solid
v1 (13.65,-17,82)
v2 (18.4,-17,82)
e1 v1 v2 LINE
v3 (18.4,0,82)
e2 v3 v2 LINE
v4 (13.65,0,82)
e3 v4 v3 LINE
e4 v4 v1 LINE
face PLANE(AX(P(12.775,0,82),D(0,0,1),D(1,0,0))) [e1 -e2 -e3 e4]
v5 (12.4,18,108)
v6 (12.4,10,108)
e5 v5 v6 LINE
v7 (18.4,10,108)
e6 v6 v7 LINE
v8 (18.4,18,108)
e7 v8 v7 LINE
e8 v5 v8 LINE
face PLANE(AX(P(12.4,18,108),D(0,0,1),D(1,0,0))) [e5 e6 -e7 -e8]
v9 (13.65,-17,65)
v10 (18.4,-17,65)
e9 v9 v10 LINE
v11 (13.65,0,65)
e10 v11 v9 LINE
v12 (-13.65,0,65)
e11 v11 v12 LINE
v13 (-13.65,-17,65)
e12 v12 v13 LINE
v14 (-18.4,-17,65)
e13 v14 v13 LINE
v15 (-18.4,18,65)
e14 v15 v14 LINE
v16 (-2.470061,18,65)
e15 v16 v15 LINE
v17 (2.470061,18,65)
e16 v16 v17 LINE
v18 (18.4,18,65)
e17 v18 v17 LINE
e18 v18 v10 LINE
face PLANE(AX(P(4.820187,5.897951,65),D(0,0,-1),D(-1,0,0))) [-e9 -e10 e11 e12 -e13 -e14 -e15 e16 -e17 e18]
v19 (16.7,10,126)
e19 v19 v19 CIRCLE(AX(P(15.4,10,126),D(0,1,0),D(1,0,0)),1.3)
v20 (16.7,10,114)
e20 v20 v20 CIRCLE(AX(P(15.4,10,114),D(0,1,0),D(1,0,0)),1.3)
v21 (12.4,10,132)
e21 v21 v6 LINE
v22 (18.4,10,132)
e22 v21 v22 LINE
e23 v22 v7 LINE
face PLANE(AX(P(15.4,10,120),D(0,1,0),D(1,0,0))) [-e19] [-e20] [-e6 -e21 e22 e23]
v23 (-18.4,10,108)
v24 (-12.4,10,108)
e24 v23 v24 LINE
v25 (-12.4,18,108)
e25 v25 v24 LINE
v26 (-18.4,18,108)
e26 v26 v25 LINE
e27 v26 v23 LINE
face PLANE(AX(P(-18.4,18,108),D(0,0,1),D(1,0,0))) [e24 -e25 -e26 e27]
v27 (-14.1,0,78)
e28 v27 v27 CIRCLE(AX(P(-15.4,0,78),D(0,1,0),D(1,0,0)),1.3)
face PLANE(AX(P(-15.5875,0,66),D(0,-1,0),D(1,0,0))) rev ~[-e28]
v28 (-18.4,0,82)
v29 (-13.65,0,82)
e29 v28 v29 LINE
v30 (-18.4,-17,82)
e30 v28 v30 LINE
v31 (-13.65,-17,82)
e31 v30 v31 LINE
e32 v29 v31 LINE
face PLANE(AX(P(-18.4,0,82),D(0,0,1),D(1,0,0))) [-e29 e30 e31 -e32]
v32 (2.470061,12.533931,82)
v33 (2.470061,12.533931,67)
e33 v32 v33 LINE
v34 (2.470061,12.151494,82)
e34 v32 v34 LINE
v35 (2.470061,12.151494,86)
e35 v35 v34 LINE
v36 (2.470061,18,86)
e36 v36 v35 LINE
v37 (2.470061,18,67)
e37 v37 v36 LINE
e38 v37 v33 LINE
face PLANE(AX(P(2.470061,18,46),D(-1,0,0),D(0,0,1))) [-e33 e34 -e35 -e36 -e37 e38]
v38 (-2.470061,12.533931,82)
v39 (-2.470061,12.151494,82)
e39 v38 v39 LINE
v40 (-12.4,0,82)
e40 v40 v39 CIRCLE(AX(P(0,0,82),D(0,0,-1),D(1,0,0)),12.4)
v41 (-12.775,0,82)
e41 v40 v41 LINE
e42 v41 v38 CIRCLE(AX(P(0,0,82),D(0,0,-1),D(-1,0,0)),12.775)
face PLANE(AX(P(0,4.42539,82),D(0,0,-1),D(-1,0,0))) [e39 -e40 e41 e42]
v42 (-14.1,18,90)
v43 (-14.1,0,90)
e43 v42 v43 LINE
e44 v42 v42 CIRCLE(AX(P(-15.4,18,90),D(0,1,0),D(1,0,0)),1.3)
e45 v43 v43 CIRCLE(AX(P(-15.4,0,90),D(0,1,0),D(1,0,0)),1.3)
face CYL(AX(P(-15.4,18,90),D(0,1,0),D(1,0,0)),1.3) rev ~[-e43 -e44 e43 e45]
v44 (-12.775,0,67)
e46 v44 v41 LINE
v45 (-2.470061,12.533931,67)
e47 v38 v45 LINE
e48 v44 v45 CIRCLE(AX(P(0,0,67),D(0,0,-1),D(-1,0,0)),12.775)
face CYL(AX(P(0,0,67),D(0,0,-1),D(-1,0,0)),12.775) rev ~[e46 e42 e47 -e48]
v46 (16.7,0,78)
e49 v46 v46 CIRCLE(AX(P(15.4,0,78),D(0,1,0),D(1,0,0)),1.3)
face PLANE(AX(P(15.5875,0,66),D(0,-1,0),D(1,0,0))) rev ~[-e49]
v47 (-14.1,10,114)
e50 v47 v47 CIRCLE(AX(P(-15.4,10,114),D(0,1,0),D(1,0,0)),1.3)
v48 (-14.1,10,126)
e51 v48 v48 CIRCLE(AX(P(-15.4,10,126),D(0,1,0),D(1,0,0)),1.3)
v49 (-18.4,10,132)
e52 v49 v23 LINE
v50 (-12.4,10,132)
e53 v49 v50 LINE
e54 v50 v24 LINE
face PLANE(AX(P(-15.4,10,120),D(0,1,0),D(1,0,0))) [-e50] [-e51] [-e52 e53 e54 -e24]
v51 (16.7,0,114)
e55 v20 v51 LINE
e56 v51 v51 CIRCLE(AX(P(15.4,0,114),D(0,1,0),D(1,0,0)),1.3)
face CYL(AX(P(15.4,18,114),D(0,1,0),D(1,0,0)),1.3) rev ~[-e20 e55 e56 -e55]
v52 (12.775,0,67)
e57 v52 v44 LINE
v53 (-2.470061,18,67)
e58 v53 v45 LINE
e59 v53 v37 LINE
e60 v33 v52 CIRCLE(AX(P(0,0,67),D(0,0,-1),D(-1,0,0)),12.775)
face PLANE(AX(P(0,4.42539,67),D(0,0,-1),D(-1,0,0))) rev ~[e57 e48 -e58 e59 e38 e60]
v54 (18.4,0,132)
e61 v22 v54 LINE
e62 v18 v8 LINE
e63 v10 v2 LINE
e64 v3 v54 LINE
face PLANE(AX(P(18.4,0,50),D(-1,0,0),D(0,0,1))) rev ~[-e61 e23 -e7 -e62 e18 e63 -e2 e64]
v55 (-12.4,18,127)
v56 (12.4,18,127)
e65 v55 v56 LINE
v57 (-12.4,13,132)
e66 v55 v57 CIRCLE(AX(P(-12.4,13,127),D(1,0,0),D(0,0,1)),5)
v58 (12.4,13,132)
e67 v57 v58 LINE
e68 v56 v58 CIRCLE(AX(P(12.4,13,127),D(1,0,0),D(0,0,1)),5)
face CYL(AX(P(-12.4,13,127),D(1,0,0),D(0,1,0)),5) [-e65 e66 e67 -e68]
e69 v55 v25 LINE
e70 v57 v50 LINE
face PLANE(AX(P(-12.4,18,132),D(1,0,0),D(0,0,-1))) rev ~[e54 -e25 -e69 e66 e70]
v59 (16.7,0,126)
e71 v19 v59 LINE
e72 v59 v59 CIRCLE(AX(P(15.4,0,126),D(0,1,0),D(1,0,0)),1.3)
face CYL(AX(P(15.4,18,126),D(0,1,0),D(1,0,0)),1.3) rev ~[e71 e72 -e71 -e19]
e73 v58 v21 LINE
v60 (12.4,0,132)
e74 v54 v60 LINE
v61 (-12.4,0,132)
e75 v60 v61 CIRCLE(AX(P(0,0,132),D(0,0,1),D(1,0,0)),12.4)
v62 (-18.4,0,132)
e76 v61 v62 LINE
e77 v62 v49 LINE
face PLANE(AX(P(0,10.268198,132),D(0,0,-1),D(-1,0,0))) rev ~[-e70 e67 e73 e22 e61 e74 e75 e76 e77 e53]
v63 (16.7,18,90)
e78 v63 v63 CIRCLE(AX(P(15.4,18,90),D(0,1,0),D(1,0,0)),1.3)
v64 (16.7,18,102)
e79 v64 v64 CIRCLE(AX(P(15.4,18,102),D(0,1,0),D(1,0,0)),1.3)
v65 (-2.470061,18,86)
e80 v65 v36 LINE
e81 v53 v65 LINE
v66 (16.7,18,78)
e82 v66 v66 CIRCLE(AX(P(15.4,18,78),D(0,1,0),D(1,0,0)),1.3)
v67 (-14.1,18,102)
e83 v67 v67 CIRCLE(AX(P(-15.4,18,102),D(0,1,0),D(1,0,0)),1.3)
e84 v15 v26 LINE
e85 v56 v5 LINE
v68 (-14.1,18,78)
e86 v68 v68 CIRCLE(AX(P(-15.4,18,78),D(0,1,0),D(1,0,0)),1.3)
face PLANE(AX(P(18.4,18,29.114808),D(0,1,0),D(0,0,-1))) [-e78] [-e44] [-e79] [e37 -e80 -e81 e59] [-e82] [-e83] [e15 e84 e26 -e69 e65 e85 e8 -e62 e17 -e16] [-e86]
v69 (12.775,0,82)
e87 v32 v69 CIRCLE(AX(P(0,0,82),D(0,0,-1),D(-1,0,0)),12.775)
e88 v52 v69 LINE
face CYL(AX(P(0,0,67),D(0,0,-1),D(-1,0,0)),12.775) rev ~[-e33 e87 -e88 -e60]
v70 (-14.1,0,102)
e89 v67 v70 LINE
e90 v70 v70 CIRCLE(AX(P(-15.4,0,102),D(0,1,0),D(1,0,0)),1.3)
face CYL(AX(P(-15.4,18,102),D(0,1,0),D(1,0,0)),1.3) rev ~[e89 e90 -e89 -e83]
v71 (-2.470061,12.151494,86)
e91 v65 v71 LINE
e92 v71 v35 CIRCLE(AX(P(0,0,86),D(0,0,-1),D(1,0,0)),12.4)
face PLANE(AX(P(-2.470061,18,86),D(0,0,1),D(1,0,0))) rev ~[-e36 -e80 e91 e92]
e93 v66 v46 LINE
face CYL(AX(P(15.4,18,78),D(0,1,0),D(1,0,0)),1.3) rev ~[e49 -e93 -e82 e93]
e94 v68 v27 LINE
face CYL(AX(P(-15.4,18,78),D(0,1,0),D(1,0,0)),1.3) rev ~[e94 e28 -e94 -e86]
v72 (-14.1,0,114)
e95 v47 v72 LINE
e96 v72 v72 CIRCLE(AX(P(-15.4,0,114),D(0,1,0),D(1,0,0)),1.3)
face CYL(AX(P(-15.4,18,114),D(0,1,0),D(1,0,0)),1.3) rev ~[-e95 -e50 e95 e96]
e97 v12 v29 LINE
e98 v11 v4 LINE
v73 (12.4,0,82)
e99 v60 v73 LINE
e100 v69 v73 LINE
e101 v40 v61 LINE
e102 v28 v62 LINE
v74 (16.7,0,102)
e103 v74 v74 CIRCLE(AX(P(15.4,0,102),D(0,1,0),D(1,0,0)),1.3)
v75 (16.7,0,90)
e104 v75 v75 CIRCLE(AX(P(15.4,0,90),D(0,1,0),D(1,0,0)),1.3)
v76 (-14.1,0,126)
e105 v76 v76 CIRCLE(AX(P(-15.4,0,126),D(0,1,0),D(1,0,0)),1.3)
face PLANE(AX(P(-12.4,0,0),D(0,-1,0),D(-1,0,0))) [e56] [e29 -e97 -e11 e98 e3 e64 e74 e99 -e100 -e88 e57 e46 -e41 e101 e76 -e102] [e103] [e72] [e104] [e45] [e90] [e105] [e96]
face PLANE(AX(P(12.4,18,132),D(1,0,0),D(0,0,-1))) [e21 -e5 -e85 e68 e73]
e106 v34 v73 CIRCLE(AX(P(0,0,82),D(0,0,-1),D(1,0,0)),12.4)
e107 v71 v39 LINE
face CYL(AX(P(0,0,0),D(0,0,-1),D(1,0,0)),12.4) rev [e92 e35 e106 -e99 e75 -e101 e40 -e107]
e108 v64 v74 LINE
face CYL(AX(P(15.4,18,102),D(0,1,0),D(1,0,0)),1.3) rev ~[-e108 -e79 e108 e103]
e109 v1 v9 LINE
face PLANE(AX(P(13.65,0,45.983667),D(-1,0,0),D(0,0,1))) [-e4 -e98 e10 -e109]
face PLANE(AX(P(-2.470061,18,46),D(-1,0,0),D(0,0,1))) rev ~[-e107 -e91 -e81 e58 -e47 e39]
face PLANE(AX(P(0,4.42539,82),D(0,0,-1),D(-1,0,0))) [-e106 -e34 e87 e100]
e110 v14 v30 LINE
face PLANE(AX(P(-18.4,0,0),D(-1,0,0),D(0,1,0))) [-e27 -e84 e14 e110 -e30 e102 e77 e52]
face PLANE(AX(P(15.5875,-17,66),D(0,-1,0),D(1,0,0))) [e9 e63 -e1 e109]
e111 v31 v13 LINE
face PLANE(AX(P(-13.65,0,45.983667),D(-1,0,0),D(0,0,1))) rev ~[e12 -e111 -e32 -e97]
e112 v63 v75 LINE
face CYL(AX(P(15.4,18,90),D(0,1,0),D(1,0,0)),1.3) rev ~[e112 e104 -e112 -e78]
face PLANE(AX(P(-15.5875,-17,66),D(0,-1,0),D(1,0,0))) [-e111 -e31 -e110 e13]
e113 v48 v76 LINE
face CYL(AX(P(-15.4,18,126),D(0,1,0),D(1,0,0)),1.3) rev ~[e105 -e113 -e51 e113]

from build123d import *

# Parameters (mm, degrees)
BOSS_EXTRU_1_DEPTH       = 132
ESQUISSE3_W              = 4.94012132
ESQUISSE3_H              = 40
ENL_V_MAT_EXTRU_2_DEPTH  = 9
ESQUISSE4_R              = 1.3
ENL_V_MAT_EXTRU_3_DEPTH  = 18
ESQUISSE5_W              = 6
ESQUISSE5_H              = 24
ENL_V_MAT_EXTRU_4_DEPTH  = 8
BOSS_EXTRU_2_REACH       = 38.8
ESQUISSE7_W              = 2
ESQUISSE7_H              = 18
ENL_V_MAT_EXTRU_5_DEPTH  = 15
ENL_V_MAT_EXTRU_6_DEPTH  = 15
ESQUISSE10_W             = 5.625
ESQUISSE10_H             = 32
BOSS_EXTRU_3_DEPTH       = 17
ESQUISSE14_W             = 11.349962924
ESQUISSE14_H             = 7.588006138
BOSS_EXTRU_5_DEPTH       = 6
ESQUISSE16_W             = 13.258712606
ESQUISSE16_H             = 4.272246905
ENL_V_MAT_EXTRU_7_DEPTH  = 11
ESQUISSE17_W             = 15.613345165
ESQUISSE17_H             = 5.100882875
BOSS_EXTRU_6_DEPTH       = 11
BOSS_EXTRU_6_DEPTH_BACK  = 11
ESQUISSE11_R             = 1.85
ESQUISSE11_R_2           = 1.3
ESQUISSE11_R_3           = 2.916438904
ENL_V_MAT_EXTRU_8_DEPTH  = 8
ESQUISSE18_W             = 9.677736186
ESQUISSE18_H             = 8.253244783
ENL_V_MAT_EXTRU_9_DEPTH  = 10
CONG_2_R                 = 5
ESQUISSE20_W             = 27.3
ESQUISSE20_H             = 40.032665724
ENL_V_MAT_EXTRU_11_DEPTH = 22
ESQUISSE22_R             = 2.780350547
ENL_V_MAT_EXTRU_12_DEPTH = 33
ENL_V_MAT_EXTRU_13_DEPTH = 23
ESQUISSE24_W             = 101.568694303
ESQUISSE24_H             = 64.896510992
ENL_V_MAT_EXTRU_14_DEPTH = 80


with BuildPart() as part:
    # Esquisse1 → Boss.-Extru.1 (new body)
    with BuildSketch(Plane.XY):
        with BuildLine():
            Line((-12.4, 0), (-18.4, 0))
            Line((-18.4, 0), (-18.4, 18))
            Line((-18.4, 18), (18.4, 18))
            Line((18.4, 18), (18.4, 0))
            Line((18.4, 0), (12.4, 0))
            ThreePointArc((12.4, 0), (0, 12.4), (-12.4, 0))
        make_face()
    extrude(amount=BOSS_EXTRU_1_DEPTH)

    # Esquisse3 → Enlèv. mat.-Extru.2 (cut)
    with BuildSketch(Plane.XZ.offset(-18)):
        with Locations((0, 66)):
            Rectangle(ESQUISSE3_W, ESQUISSE3_H)
    extrude(amount=ENL_V_MAT_EXTRU_2_DEPTH, mode=Mode.SUBTRACT)

    # Esquisse4 → Enlèv. mat.-Extru.3 (cut)
    with BuildSketch(Plane(origin=(0, 18, 0), x_dir=(1, 0, 0), z_dir=(0, 1, 0))):
        with Locations((15.4, -6)):
            Circle(ESQUISSE4_R)
        with Locations((15.4, -18)):
            Circle(ESQUISSE4_R)
        with Locations((-15.4, -6)):
            Circle(ESQUISSE4_R)
        with Locations((-15.4, -18)):
            Circle(ESQUISSE4_R)
        with Locations((15.4, -30)):
            Circle(ESQUISSE4_R)
        with Locations((-15.4, -30)):
            Circle(ESQUISSE4_R)
        with Locations((15.4, -42)):
            Circle(ESQUISSE4_R)
        with Locations((-15.4, -42)):
            Circle(ESQUISSE4_R)
        with Locations((-15.4, -126)):
            Circle(ESQUISSE4_R)
        with Locations((-15.4, -114)):
            Circle(ESQUISSE4_R)
        with Locations((-15.4, -102)):
            Circle(ESQUISSE4_R)
        with Locations((-15.4, -90)):
            Circle(ESQUISSE4_R)
        with Locations((-15.4, -78)):
            Circle(ESQUISSE4_R)
        with Locations((15.4, -78)):
            Circle(ESQUISSE4_R)
        with Locations((15.4, -90)):
            Circle(ESQUISSE4_R)
        with Locations((15.4, -102)):
            Circle(ESQUISSE4_R)
        with Locations((15.4, -114)):
            Circle(ESQUISSE4_R)
        with Locations((15.4, -126)):
            Circle(ESQUISSE4_R)
    extrude(amount=-ENL_V_MAT_EXTRU_3_DEPTH, mode=Mode.SUBTRACT)

    # Esquisse5 → Enlèv. mat.-Extru.4 (cut)
    with BuildSketch(Plane(origin=(0, 18, 0), x_dir=(1, 0, 0), z_dir=(0, 1, 0))):
        with Locations((15.4, -12)):
            Rectangle(ESQUISSE5_W, ESQUISSE5_H)
        with Locations((-15.4, -120)):
            Rectangle(ESQUISSE5_W, ESQUISSE5_H)
        with Locations((-15.4, -12)):
            Rectangle(ESQUISSE5_W, ESQUISSE5_H)
        with Locations((15.4, -120)):
            Rectangle(ESQUISSE5_W, ESQUISSE5_H)
    extrude(amount=-ENL_V_MAT_EXTRU_4_DEPTH, mode=Mode.SUBTRACT)

    # Esquisse7 → Boss.-Extru.2 (add, up to next)
    with BuildSketch(Plane.ZY.offset(18.4), mode=Mode.PRIVATE) as boss_extru_2_sk1:
        with Locations((66, 9)):
            Rectangle(ESQUISSE7_W, ESQUISSE7_H)
    boss_extru_2_tool1 = extrude(boss_extru_2_sk1.sketch, amount=-BOSS_EXTRU_2_REACH, mode=Mode.PRIVATE) - part.part
    add(boss_extru_2_tool1.solids().sort_by_distance((-18.4, 9, 66))[0])

    # Esquisse8 → Enlèv. mat.-Extru.5 (cut)
    with BuildSketch(Plane(origin=(0, 0, 65), x_dir=(-1, 0, 0), z_dir=(0, 0, -1))):
        with BuildLine():
            Line((12.775, 0), (-12.775, 0))
            ThreePointArc((-12.775, 0), (0, 12.775), (12.775, 0))
        make_face()
    extrude(amount=ENL_V_MAT_EXTRU_5_DEPTH, mode=Mode.SUBTRACT)

    # Esquisse9 → Enlèv. mat.-Extru.6 (cut)
    with BuildSketch(Plane.XY.offset(67)):
        with BuildLine():
            Line((12.775, 0), (-12.775, 0))
            ThreePointArc((-12.775, 0), (0, 12.775), (12.775, 0))
        make_face()
    extrude(amount=ENL_V_MAT_EXTRU_6_DEPTH, mode=Mode.SUBTRACT)

    # Esquisse10 → Boss.-Extru.3 (add)
    with BuildSketch(Plane.XZ):
        with Locations((15.5875, 66)):
            Rectangle(ESQUISSE10_W, ESQUISSE10_H)
        with Locations((-15.5875, 66)):
            Rectangle(ESQUISSE10_W, ESQUISSE10_H)
    extrude(amount=BOSS_EXTRU_3_DEPTH)

    # Esquisse14 → Boss.-Extru.5 (add)
    with BuildSketch(Plane(origin=(18.4, 0, 0), x_dir=(0, 0, -1), z_dir=(1, 0, 0))):
        with Locations((-50.7944077, 14.205996931)):
            Rectangle(ESQUISSE14_W, ESQUISSE14_H)
    extrude(amount=BOSS_EXTRU_5_DEPTH)

    # Esquisse16 → Enlèv. mat.-Extru.7 (cut)
    with BuildSketch(Plane(origin=(24.4, 0, 0), x_dir=(0, 0, -1), z_dir=(1, 0, 0))):
        with Locations((-50.566594151, 10.91391733)):
            Rectangle(ESQUISSE16_W, ESQUISSE16_H)
    extrude(amount=-ENL_V_MAT_EXTRU_7_DEPTH, mode=Mode.SUBTRACT)

    # Esquisse17 → Boss.-Extru.6 (add, two sides)
    with BuildSketch(Plane(origin=(18.4, 0, 0), x_dir=(0, 0, -1), z_dir=(1, 0, 0))) as boss_extru_6_sk:
        with Locations((-21.308135783, 15.449558563)):
            Rectangle(ESQUISSE17_W, ESQUISSE17_H)
    extrude(amount=BOSS_EXTRU_6_DEPTH)
    extrude(boss_extru_6_sk.sketch, amount=-BOSS_EXTRU_6_DEPTH_BACK)

    # Esquisse11 → Enlèv. mat.-Extru.8 (cut)
    with BuildSketch(Plane(origin=(0, 18, 0), x_dir=(1, 0, 0), z_dir=(0, 1, 0))):
        with Locations((24.22, -102)):
            Circle(ESQUISSE11_R)
        with Locations((19.13, -51)):
            Circle(ESQUISSE11_R)
        with Locations((24.22, -20.6)):
            Circle(ESQUISSE11_R)
        with Locations((-8.37, -51)):
            Circle(ESQUISSE11_R)
        with Locations((15.4, -6)):
            Circle(ESQUISSE11_R_2)
        with Locations((15.4, -18)):
            Circle(ESQUISSE11_R_3)
        with Locations((-23.98, -101)):
            Circle(ESQUISSE11_R)
        with Locations((-23.98, -28)):
            Circle(ESQUISSE11_R)
    extrude(amount=-ENL_V_MAT_EXTRU_8_DEPTH, mode=Mode.SUBTRACT)

    # Esquisse18 → Enlèv. mat.-Extru.9 (cut)
    with BuildSketch(Plane(origin=(-2.47006066, 0, 0), x_dir=(0, 0, -1), z_dir=(1, 0, 0))):
        with Locations((-50.900131157, 9.01339788)):
            Rectangle(ESQUISSE18_W, ESQUISSE18_H)
    extrude(amount=-ENL_V_MAT_EXTRU_9_DEPTH, mode=Mode.SUBTRACT)

    # Congé2
    cong_2_edges = [part.edges().sort_by_distance(p)[0] for p in [
        (0, 18, 0),
        (0, 18, 132),
    ]]
    fillet(cong_2_edges, radius=CONG_2_R)

    # Esquisse20 → Enlèv. mat.-Extru.11 (cut)
    with BuildSketch(Plane.XZ):
        with Locations((0, 66)):
            Rectangle(ESQUISSE20_W, ESQUISSE20_H)
    extrude(amount=ENL_V_MAT_EXTRU_11_DEPTH, mode=Mode.SUBTRACT)

    # Esquisse22 → Enlèv. mat.-Extru.12 (cut)
    with BuildSketch(Plane.XZ.offset(-13.050040782)):
        with Locations((19.13, 51)):
            Circle(ESQUISSE22_R)
    extrude(amount=ENL_V_MAT_EXTRU_12_DEPTH, mode=Mode.SUBTRACT)

    # Esquisse23 → Enlèv. mat.-Extru.13 (cut)
    with BuildSketch(Plane.XZ.offset(-13.140020271)):
        Polygon((-10.962659815, 54.736061467), (-30.574521602, 60.209177611), (-30.574521602, 54.651975737), (-10.962659815, 50.396101529), align=None)
    extrude(amount=ENL_V_MAT_EXTRU_13_DEPTH, mode=Mode.SUBTRACT)

    # Esquisse24 → Enlèv. mat.-Extru.14 (cut)
    with BuildSketch(Plane(origin=(0, 0, 65), x_dir=(-1, 0, 0), z_dir=(0, 0, -1))):
        with Locations((-4.820186709, 5.897951476)):
            Rectangle(ESQUISSE24_W, ESQUISSE24_H)
    extrude(amount=ENL_V_MAT_EXTRU_14_DEPTH, mode=Mode.SUBTRACT)


solid = part.part
